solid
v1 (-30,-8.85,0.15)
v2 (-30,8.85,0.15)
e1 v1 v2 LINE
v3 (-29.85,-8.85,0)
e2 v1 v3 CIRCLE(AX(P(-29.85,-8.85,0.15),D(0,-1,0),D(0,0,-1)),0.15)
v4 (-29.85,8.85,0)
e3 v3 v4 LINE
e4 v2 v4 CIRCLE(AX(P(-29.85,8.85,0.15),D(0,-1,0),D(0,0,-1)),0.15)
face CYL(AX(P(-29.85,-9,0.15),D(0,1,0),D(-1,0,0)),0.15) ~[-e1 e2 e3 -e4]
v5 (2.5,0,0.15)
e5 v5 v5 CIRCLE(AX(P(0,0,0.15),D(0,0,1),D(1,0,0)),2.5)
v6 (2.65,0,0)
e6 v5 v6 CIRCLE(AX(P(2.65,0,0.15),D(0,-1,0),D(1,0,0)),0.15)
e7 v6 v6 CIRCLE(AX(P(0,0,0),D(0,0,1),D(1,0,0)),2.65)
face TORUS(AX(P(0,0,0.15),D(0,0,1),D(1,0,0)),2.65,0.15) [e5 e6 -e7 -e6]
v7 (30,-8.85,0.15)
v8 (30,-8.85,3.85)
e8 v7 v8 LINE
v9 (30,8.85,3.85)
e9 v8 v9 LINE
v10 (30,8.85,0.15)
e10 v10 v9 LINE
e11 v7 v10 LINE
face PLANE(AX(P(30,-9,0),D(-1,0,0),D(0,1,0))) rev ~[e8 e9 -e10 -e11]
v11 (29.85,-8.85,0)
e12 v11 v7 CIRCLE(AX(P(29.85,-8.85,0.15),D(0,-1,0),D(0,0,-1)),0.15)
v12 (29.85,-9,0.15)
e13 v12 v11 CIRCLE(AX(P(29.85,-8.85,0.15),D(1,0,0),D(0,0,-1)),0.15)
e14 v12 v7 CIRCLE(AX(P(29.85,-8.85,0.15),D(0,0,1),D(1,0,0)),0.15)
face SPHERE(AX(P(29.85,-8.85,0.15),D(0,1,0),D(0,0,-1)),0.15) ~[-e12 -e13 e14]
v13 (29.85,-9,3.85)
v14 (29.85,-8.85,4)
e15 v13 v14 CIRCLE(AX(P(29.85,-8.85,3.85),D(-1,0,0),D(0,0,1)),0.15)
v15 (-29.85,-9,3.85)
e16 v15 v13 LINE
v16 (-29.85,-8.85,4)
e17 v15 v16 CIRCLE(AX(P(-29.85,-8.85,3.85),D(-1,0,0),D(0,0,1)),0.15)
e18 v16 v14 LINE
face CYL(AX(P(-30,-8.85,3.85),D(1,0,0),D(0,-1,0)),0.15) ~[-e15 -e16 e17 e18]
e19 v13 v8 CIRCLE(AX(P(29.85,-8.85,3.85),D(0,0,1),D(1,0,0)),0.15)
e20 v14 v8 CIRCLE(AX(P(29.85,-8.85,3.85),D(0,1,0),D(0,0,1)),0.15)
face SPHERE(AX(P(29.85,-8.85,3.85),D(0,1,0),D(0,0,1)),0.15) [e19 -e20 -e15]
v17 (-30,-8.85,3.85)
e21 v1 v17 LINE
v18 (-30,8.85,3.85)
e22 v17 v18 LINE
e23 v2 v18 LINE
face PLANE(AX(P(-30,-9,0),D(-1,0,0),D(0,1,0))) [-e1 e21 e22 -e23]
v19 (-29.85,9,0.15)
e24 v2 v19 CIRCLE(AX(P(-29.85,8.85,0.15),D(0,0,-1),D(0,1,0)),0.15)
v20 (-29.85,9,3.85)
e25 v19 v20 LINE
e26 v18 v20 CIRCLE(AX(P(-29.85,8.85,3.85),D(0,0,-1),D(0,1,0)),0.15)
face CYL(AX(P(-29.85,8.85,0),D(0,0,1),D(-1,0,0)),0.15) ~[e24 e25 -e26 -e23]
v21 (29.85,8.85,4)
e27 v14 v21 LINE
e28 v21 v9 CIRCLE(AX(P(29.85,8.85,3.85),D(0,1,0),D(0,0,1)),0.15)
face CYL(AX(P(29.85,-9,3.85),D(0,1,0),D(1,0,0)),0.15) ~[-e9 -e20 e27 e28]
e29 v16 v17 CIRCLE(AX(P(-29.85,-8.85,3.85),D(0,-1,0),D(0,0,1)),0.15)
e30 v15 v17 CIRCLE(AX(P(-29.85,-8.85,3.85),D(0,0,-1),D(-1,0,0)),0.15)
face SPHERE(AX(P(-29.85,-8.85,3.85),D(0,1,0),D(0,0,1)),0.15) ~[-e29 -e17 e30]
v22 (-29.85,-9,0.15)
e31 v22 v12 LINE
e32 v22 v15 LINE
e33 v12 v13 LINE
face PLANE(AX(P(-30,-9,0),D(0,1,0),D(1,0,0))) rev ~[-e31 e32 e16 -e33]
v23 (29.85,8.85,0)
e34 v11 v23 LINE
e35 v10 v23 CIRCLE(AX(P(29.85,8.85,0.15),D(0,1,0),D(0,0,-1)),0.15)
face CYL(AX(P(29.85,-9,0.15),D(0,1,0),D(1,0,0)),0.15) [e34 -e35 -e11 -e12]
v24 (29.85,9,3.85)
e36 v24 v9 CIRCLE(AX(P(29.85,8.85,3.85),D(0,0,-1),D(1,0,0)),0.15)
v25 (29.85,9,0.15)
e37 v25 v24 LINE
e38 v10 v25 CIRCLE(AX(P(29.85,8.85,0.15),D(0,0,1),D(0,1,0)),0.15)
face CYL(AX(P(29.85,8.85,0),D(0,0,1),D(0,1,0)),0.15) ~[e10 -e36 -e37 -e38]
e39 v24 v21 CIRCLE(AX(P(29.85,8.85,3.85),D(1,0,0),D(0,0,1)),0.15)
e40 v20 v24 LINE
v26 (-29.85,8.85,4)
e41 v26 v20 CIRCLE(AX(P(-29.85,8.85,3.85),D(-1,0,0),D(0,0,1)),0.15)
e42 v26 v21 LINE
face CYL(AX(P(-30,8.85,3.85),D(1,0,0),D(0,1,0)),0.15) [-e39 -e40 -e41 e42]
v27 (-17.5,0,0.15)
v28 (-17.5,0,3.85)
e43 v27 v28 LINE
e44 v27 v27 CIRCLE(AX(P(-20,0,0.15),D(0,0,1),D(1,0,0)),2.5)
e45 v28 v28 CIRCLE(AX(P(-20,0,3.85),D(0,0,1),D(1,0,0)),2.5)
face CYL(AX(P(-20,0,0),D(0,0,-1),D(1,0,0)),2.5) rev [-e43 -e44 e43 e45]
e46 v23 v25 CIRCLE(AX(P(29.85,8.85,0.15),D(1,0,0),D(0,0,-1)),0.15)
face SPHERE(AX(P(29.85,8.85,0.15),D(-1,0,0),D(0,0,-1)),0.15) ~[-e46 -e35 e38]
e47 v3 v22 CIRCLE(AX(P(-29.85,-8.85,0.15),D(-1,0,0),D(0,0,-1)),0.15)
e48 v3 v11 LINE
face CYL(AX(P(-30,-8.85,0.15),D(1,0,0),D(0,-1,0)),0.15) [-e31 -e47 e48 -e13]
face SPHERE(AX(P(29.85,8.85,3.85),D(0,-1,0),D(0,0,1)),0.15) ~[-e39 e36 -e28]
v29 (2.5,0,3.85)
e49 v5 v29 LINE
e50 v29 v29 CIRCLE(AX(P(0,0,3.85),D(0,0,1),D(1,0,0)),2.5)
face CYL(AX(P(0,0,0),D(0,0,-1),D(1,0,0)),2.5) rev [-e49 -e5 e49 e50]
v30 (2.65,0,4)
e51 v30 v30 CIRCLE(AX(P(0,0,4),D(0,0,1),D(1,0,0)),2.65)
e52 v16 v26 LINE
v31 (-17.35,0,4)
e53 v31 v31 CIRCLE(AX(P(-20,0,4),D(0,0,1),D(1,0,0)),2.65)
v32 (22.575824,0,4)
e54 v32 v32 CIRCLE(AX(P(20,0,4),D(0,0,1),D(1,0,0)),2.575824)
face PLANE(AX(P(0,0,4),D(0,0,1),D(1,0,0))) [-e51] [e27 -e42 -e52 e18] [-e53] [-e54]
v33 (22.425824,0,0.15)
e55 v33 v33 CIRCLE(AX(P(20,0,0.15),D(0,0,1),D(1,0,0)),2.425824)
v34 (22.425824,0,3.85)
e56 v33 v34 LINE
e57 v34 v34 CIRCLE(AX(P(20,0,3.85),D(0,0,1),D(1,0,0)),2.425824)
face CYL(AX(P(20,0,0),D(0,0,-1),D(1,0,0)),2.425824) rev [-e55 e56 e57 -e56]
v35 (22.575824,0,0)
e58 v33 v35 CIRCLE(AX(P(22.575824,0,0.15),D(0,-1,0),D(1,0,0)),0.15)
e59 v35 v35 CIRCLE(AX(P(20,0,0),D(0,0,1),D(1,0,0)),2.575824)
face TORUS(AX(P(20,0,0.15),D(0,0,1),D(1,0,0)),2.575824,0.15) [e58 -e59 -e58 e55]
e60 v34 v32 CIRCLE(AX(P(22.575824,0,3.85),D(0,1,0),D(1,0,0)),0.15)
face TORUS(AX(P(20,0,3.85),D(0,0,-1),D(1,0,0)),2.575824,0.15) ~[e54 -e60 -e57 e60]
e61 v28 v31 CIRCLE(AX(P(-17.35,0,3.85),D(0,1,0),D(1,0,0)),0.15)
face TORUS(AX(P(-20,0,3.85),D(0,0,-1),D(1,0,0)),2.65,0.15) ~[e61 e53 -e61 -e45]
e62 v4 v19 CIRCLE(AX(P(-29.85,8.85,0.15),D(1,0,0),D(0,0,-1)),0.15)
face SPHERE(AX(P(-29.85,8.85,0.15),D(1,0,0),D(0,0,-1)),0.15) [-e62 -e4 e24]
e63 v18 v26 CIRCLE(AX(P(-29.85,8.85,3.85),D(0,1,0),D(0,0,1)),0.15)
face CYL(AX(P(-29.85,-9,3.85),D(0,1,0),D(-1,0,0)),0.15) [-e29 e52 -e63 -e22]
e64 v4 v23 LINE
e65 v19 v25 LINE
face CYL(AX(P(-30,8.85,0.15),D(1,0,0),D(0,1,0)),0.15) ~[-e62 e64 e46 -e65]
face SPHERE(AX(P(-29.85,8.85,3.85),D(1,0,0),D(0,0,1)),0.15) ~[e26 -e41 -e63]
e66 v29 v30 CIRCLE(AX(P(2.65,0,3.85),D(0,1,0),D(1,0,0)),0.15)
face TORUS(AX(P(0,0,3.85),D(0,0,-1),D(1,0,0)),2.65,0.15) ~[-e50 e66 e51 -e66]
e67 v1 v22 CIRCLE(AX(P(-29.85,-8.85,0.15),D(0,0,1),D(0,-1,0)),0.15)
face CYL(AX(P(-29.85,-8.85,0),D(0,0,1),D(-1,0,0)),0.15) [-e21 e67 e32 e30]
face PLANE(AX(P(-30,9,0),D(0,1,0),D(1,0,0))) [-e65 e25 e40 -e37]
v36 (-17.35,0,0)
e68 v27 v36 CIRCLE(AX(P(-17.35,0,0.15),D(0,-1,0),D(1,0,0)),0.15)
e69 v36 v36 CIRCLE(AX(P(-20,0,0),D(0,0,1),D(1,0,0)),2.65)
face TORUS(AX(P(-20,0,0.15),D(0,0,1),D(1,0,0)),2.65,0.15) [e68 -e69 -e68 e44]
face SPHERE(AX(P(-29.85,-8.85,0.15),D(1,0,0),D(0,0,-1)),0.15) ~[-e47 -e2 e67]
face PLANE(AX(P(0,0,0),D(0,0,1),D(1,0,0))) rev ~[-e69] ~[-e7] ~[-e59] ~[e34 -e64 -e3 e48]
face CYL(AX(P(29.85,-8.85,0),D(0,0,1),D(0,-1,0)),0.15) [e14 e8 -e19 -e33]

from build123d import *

# Parameters (mm, degrees)
SKETCH1_W           = 60
SKETCH1_H           = 18
SKETCH1_R           = 2.5
SKETCH1_R_2         = 2.425824168
BOSS_EXTRUDE1_DEPTH = 4
FILLET1_R           = 0.15


with BuildPart() as part:
    # Sketch1 → Boss-Extrude1 (new body)
    with BuildSketch(Plane.XY):
        Rectangle(SKETCH1_W, SKETCH1_H)
        Circle(SKETCH1_R, mode=Mode.SUBTRACT)
        with Locations((20, 0)):
            Circle(SKETCH1_R_2, mode=Mode.SUBTRACT)
        with Locations((-20, 0)):
            Circle(SKETCH1_R, mode=Mode.SUBTRACT)
    extrude(amount=BOSS_EXTRUDE1_DEPTH)

    # Fillet1
    fillet1_edges = [part.edges().sort_by_distance(p)[0] for p in [
        (30, 0, 4),
        (-2.5, 0, 0),
        (-2.5, 0, 4),
        (0, 9, 4),
        (-22.5, 0, 0),
        (-22.5, 0, 4),
        (17.574175832, 0, 0),
        (17.574175832, 0, 4),
        (-30, 0, 4),
        (0, 9, 0),
        (30, 0, 0),
        (0, -9, 0),
        (-30, 0, 0),
        (0, -9, 4),
        (-30, 9, 2),
        (30, 9, 2),
        (30, -9, 2),
        (-30, -9, 2),
    ]]
    fillet(fillet1_edges, radius=FILLET1_R)


solid = part.part
